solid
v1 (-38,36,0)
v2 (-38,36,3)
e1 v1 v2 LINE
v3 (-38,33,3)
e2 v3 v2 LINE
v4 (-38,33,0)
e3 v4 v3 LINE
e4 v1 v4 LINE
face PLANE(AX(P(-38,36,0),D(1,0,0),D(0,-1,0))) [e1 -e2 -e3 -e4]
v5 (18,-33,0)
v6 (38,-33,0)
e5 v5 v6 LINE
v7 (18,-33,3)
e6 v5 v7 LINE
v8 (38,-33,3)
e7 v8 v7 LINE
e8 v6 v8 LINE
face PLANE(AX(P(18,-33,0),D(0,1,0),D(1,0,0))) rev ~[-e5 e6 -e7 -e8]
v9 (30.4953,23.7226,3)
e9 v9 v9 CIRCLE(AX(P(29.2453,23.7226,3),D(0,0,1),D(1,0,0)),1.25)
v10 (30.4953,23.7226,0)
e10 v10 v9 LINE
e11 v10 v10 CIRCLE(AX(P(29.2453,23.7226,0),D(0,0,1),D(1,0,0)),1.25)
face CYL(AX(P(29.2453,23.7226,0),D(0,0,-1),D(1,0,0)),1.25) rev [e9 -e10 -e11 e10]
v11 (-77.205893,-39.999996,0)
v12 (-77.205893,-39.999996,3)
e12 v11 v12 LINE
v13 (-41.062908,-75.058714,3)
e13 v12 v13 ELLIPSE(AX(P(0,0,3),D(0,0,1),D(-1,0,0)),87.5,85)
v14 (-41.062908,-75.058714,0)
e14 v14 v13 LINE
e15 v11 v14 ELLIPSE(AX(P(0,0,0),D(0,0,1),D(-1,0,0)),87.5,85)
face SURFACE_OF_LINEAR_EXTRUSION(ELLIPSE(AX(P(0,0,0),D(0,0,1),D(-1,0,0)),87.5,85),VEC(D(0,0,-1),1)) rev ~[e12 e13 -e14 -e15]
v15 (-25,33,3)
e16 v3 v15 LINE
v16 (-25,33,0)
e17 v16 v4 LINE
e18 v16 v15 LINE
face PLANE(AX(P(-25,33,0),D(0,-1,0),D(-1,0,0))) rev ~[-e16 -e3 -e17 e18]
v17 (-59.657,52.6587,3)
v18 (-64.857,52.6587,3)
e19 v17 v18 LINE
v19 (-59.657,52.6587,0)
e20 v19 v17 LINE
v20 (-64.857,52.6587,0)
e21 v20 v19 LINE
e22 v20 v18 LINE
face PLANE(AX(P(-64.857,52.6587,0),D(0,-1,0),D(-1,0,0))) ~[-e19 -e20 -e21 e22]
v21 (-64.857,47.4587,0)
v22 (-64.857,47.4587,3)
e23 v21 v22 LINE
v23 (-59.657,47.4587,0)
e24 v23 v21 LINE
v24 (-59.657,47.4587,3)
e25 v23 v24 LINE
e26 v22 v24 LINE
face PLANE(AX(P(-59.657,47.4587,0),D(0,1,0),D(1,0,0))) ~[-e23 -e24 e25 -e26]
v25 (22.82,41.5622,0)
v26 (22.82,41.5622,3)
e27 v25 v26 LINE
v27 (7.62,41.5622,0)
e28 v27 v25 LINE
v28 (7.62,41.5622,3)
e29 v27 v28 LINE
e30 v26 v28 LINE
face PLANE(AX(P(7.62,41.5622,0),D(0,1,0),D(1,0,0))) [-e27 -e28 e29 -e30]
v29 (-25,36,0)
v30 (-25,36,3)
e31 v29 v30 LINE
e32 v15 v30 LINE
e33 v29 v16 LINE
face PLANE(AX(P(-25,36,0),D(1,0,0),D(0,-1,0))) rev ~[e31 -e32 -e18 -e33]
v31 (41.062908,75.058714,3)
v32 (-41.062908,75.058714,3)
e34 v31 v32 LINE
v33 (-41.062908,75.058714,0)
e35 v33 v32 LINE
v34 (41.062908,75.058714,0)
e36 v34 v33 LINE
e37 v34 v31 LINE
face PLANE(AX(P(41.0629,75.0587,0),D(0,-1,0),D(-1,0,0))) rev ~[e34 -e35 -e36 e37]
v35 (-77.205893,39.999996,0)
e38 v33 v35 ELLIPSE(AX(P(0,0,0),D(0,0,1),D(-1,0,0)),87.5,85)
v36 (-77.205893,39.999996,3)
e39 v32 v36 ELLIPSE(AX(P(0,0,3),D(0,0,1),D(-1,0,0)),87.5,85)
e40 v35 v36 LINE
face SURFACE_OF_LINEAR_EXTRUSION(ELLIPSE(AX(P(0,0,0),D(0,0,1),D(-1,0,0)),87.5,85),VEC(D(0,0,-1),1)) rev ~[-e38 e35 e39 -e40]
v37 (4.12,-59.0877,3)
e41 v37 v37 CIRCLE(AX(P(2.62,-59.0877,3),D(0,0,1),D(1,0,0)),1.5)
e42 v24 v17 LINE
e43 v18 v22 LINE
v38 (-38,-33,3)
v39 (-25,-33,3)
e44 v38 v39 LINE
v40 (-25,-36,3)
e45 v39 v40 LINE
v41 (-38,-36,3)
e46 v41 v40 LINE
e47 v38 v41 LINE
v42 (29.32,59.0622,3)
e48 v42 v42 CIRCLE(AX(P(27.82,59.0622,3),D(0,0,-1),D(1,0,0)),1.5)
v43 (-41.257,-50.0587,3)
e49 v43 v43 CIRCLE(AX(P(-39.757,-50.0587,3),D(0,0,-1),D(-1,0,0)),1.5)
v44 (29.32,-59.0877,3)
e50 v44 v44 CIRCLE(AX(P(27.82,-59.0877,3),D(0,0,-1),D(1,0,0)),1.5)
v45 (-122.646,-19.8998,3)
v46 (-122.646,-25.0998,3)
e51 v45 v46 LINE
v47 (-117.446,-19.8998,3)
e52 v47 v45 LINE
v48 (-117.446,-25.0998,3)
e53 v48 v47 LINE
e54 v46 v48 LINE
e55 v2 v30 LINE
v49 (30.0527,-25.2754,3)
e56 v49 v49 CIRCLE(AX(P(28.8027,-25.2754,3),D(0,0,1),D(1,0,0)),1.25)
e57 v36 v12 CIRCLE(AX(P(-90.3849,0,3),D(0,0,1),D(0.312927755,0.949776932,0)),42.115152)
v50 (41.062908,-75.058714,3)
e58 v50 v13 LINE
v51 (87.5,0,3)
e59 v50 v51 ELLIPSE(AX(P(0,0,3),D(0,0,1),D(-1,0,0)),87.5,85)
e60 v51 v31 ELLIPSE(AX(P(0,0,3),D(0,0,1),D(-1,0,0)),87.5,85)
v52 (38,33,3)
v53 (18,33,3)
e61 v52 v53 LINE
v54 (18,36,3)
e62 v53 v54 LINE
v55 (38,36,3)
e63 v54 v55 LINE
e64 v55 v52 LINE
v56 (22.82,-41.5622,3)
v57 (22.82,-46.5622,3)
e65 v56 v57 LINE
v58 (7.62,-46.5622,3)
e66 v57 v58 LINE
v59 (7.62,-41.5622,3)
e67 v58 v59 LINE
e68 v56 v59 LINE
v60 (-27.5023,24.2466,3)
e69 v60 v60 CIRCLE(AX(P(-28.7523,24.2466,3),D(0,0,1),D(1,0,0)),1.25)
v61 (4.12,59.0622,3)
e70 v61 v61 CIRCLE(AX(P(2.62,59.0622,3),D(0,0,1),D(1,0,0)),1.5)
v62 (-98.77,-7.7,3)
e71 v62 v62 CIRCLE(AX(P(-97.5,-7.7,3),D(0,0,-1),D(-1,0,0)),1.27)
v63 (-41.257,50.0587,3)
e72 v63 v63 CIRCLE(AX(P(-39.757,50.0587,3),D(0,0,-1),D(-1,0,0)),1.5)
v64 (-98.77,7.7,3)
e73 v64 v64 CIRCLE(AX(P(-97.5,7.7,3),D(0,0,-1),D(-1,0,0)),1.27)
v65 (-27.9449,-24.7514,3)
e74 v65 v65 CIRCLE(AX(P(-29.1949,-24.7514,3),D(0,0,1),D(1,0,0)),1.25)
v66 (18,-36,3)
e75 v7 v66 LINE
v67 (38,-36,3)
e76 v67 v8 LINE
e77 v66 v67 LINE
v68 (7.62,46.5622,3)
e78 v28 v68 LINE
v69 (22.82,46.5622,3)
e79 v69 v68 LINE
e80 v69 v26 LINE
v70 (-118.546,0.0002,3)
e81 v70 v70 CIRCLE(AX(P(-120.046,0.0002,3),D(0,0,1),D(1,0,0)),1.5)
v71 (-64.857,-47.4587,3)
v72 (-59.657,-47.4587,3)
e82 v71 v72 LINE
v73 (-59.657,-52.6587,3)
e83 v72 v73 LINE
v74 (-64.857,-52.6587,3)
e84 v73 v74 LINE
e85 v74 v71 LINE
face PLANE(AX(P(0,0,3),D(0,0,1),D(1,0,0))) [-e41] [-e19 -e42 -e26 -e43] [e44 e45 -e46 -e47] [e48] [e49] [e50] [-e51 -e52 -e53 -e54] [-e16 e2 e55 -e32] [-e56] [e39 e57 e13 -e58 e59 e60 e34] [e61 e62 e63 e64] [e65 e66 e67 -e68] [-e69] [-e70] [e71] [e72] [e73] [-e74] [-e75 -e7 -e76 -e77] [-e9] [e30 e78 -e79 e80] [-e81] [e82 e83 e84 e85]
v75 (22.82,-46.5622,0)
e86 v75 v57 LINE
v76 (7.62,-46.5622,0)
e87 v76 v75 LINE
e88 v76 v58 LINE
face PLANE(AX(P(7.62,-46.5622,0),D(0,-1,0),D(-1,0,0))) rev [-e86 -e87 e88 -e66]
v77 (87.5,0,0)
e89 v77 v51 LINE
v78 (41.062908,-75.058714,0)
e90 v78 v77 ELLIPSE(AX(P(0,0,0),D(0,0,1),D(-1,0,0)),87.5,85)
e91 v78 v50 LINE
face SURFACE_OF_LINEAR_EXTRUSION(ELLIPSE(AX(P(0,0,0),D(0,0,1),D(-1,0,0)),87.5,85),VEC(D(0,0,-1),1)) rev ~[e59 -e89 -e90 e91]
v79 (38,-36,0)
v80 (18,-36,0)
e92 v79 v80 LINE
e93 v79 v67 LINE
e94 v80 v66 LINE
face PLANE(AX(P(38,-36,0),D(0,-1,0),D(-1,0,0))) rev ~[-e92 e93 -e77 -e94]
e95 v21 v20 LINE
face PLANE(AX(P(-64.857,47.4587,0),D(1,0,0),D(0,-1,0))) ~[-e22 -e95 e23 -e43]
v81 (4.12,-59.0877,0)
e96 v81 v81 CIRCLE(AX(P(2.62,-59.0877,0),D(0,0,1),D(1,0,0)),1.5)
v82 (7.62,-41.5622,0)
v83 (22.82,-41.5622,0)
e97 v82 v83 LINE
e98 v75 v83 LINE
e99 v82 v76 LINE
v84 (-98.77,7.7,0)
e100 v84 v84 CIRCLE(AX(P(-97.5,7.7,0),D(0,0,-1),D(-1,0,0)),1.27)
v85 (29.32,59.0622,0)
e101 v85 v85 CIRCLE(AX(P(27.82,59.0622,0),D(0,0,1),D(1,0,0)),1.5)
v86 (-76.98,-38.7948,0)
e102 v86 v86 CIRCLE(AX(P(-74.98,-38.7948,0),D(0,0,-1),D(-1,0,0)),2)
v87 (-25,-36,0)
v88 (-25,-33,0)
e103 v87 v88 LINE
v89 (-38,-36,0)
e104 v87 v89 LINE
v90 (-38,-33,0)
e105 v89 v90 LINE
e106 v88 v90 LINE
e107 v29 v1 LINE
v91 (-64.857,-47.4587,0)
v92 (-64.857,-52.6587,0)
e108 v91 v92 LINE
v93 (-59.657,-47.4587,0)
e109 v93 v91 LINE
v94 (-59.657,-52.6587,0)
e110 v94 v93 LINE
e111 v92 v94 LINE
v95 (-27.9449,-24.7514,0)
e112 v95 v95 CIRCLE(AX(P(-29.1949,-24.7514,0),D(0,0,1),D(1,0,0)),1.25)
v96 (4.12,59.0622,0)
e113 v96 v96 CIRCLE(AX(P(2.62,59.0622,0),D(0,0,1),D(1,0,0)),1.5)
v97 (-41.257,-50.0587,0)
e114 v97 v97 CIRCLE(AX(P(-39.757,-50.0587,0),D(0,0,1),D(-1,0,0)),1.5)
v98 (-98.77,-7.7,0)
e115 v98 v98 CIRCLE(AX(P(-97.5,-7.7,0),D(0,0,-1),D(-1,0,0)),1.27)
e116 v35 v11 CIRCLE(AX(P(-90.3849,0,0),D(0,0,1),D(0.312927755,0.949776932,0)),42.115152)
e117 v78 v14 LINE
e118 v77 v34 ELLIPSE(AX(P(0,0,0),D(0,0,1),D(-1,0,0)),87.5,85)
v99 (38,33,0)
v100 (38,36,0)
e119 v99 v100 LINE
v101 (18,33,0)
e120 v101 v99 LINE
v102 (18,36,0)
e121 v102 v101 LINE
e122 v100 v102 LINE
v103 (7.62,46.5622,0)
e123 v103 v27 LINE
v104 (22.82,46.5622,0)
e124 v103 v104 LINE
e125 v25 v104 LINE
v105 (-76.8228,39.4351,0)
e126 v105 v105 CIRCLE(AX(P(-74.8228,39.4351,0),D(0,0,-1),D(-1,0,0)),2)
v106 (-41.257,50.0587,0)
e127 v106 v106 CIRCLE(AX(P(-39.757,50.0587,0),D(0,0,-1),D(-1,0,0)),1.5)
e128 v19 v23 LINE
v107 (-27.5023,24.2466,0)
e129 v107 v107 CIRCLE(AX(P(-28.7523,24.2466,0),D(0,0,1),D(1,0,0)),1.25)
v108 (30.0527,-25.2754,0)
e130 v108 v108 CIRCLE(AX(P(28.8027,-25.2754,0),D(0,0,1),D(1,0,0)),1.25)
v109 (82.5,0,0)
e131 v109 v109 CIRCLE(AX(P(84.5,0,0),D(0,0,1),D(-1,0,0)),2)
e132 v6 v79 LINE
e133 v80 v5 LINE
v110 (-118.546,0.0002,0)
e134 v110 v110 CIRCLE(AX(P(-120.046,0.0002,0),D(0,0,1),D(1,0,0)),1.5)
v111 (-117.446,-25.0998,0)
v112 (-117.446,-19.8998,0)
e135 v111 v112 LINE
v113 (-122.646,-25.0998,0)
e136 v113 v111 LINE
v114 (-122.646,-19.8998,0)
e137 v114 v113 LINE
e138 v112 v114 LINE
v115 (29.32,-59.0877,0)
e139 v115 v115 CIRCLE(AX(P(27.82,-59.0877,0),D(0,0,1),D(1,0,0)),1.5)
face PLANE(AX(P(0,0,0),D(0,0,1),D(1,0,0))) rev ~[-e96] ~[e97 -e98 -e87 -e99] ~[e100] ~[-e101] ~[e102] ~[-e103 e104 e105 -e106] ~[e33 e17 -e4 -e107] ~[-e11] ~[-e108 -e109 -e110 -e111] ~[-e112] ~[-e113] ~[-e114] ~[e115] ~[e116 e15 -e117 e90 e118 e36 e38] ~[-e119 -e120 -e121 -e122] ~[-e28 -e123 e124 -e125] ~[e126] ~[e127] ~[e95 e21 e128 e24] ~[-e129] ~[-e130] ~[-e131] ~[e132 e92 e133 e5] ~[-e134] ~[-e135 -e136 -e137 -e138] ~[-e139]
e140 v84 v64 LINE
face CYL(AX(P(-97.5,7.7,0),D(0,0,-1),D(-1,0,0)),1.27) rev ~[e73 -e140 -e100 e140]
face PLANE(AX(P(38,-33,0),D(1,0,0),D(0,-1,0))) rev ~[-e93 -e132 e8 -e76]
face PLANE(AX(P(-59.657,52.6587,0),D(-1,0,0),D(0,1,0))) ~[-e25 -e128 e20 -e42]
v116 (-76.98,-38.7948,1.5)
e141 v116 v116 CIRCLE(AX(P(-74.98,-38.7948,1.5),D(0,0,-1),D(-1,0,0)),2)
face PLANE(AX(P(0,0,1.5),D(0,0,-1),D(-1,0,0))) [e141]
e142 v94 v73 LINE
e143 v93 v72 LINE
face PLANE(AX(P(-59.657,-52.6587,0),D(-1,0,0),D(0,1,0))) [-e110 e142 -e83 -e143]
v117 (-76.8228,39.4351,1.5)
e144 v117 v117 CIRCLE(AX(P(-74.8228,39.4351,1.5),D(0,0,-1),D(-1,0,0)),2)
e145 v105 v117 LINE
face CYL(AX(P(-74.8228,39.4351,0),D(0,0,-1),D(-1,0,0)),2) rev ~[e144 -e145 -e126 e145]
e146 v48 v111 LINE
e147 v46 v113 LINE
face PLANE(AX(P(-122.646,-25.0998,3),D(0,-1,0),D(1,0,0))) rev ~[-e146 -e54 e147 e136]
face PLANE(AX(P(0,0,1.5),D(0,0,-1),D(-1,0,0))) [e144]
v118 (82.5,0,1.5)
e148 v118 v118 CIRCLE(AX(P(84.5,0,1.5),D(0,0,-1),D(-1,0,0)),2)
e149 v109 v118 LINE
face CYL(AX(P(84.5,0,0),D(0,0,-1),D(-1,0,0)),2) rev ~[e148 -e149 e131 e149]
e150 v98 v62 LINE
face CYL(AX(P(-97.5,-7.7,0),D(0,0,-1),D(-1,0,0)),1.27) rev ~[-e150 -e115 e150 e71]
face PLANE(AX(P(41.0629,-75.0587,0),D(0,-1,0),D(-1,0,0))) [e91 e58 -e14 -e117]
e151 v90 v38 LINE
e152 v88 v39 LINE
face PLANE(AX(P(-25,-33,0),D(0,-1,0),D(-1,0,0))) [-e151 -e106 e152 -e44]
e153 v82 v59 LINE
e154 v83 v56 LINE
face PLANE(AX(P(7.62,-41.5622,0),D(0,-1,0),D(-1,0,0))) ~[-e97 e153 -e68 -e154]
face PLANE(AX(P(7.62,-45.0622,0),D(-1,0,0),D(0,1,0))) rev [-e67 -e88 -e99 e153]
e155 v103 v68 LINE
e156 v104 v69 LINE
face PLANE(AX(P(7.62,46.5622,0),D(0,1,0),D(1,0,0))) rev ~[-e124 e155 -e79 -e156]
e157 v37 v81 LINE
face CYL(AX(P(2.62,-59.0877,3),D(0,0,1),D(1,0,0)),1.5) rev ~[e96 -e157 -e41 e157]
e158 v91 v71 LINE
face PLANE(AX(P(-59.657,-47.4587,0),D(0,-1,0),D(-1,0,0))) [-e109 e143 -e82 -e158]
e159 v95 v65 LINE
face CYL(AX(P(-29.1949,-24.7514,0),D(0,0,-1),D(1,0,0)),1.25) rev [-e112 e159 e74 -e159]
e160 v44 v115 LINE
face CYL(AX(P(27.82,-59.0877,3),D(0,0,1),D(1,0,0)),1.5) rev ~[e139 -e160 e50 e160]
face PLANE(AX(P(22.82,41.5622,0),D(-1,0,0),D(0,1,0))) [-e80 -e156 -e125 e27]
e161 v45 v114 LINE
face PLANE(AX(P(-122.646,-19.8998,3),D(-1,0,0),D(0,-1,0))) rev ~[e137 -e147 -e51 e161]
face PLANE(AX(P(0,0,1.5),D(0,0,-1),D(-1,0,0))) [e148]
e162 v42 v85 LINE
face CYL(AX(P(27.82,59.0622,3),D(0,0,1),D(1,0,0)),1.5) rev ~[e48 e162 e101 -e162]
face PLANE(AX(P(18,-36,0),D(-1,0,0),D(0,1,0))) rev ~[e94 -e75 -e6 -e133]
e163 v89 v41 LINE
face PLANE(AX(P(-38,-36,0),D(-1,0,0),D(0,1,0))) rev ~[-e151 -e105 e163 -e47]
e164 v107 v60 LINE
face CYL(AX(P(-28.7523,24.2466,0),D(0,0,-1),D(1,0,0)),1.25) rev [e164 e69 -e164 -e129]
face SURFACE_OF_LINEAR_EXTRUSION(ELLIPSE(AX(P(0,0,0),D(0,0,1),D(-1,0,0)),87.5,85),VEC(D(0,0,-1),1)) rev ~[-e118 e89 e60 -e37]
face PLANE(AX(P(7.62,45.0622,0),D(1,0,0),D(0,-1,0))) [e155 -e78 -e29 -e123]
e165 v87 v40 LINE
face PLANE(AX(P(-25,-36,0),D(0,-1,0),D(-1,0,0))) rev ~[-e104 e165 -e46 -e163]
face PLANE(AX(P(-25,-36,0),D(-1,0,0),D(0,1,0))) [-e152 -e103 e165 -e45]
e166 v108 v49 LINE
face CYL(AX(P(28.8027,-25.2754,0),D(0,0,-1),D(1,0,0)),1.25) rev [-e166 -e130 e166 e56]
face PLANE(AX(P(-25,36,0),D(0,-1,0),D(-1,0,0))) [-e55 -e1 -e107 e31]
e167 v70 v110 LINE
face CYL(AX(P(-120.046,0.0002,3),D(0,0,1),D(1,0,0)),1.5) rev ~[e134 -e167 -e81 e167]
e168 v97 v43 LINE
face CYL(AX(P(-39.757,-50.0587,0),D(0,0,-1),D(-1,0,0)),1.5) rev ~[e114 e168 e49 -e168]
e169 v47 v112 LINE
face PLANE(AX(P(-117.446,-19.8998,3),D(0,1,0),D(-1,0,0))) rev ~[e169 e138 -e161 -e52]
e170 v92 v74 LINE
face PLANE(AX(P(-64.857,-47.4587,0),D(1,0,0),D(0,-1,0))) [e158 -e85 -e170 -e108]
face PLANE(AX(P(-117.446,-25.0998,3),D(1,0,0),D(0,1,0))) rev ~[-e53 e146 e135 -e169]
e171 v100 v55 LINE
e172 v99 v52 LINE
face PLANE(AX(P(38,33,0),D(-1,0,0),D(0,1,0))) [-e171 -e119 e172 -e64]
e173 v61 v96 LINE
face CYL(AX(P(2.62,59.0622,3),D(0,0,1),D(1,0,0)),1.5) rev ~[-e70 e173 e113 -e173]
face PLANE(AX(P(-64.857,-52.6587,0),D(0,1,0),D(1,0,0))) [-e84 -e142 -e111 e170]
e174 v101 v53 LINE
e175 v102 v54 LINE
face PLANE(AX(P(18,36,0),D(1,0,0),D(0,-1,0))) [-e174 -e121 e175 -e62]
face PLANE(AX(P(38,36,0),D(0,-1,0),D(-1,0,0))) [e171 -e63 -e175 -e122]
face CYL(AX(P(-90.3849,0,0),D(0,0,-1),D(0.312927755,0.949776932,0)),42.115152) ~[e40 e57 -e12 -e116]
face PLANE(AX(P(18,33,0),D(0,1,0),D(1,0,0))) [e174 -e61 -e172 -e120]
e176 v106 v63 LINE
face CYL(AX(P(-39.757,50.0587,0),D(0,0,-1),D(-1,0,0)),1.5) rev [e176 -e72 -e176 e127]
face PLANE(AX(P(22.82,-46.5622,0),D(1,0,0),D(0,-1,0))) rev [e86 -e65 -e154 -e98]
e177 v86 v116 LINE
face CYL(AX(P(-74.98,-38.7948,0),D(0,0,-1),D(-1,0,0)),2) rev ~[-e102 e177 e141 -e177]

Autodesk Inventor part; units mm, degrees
ref_plane "YZ Plane" through (0, 0, 0) normal (1, 0, 0) x (0, 1, 0)
ref_plane "XZ Plane" through (0, 0, 0) normal (0, 1, 0) x (-1, 0, 0)
ref_plane "XY Plane" through (0, 0, 0) normal (0, 0, 1) x (1, 0, 0)
sketch "Base" plane through (0, 0, 0) normal (0, 0, 1) x (1, 0, 0)
  circle A0 centre (-28.7523, 24.2466) radius 1.25 projected
  circle A1 centre (-29.1949, -24.7514) radius 1.25 projected
  arc A2 (-77.2059, 40) -> (-77.2059, -40) centre (-90.3849, 0) ccw
  line L0 (41.0629, -75.0587) -> (-41.0629, -75.0587)
  ellipse E0 centre (0, 0) end of major axis (-87.5, 0) minor radius 85 (-77.2059, -40) -> (-41.0629, -75.0587) ccw
  line L1 (0, 0) -> (87.5, 0)
  line L2 (41.0629, 75.0587) -> (-41.0629, 75.0587)
  ellipse E1 centre (0, 0) end of major axis (-87.5, 0) minor radius 85 (41.0629, -75.0587) -> (41.0629, 75.0587) ccw
  ellipse E2 centre (0, 0) end of major axis (-87.5, 0) minor radius 85 (-41.0629, 75.0587) -> (-77.2059, 40) ccw
  circle A3 centre (29.2453, 23.7226) radius 1.25 projected
  circle A4 centre (28.8027, -25.2754) radius 1.25 projected
  dimension "d84" = 87.5
  dimension "d85" = 75.0587
  dimension "d88" = 42.1151
sketch "Holes and Mounts" plane through (0, 0, 0) normal (0, 0, 1) x (1, 0, 0)
  line L0 (-9.7798, -74.0877) -> (40.2202, -74.0877)
  circle A0 centre (2.62, -59.0877) radius 1.5
  circle A1 centre (27.82, -59.0877) radius 1.5
  circle A2 centre (-39.757, 45.9313) radius 1.5
  line L1 (-59.657, 43.3313) -> (-64.857, 43.3313)
  line L2 (-64.857, 43.3313) -> (-64.857, 48.5313)
  line L3 (-64.857, 48.5313) -> (-59.657, 48.5313)
  line L4 (-59.657, 48.5313) -> (-59.657, 43.3313)
  line L5 (-59.657, 43.3313) -> (-64.857, 48.5313) construction
  line L6 (-64.857, 43.3313) -> (-59.657, 48.5313) construction
  line L7 (-9.7798, -74.0877) -> (-9.7798, -44.0877)
  line L8 (-9.7798, -44.0877) -> (40.2202, -44.0877)
  line L9 (40.2202, -44.0877) -> (40.2202, -74.0877)
  line L10 (59.2442, -0.0127) -> (-26.2941, -0.0127)
  circle A3 centre (2.62, 59.0622) radius 1.5
  circle A4 centre (27.82, 59.0622) radius 1.5
  line L11 (-9.7798, 74.0622) -> (40.2202, 74.0622)
  line L12 (-9.7798, 44.0622) -> (40.2202, 44.0622)
  line L13 (40.2202, 74.0622) -> (40.2202, 44.0622)
  line L14 (-9.7798, 74.0622) -> (-9.7798, 44.0622)
  circle A5 centre (-39.757, -45.9568) radius 1.5
  line L15 (-59.657, -48.5568) -> (-59.657, -43.3568)
  line L16 (-64.857, -48.5568) -> (-59.657, -48.5568)
  line L17 (-59.657, -43.3568) -> (-64.857, -43.3568)
  line L18 (-64.857, -43.3568) -> (-64.857, -48.5568)
  line L19 (-59.657, -43.3568) -> (-64.857, -48.5568) construction
  line L20 (-64.857, -43.3568) -> (-59.657, -48.5568) construction
  dimension "d53" = 3
  dimension "d54" = 5.2
  dimension "d55" = 5.2
  dimension "d62" = 30
extrude "ComponentARBHoles" add sketch "Base" along normal blind 3
sketch "Holes Only" plane through (0, 0, 3) normal (0, 0, 1) x (1, 0, 0)
  line L0 (-117.446, -25.0998) -> (-117.446, -19.8998)
  line L1 (-117.446, -19.8998) -> (-122.646, -19.8998)
  line L2 (-122.646, -19.8998) -> (-122.646, -25.0998)
  circle A0 centre (-120.046, 0.0002) radius 1.5
  line L3 (-122.646, -25.0998) -> (-117.446, -25.0998)
  circle A1 centre (27.82, -59.0877) radius 1.5
  line L4 (27.82, -59.0877) -> (2.62, -59.0877)
  circle A2 centre (27.82, -59.0877) radius 1.5
  circle A3 centre (2.62, -59.0877) radius 1.5
  circle A4 centre (2.62, -59.0877) radius 1.5
  circle A5 centre (2.62, 59.0622) radius 1.5
  line L5 (2.62, 59.0622) -> (27.82, 59.0622)
  circle A6 centre (2.62, 59.0622) radius 1.5
  circle A7 centre (27.82, 59.0622) radius 1.5
  point P0 (0, 0)
extrude "WheelFrontSensorHoles" cut sketch "Holes Only" against normal blind 10
sketch "SensorHolesSidesSketch" plane through (0, 0, 0) normal (0, 0, -1) x (-1, 0, 0)
  circle A0 centre (39.757, -50.0587) radius 1.5
  line L0 (64.857, -52.6587) -> (59.657, -52.6587)
  line L1 (64.857, -47.4587) -> (64.857, -52.6587)
  line L2 (59.657, -47.4587) -> (64.857, -47.4587)
  line L3 (59.657, -52.6587) -> (59.657, -47.4587)
  circle A1 centre (39.757, -50.0587) radius 1.5
  line L4 (64.857, -52.6587) -> (59.657, -52.6587)
  line L5 (59.657, -52.6587) -> (59.657, -47.4587)
  line L6 (59.657, -47.4587) -> (64.857, -47.4587)
  line L7 (64.857, -47.4587) -> (64.857, -52.6587)
  line L8 (39.757, -45.9568) -> (39.757, -75.0587)
  line L9 (41.0629, -75.0587) -> (-41.0629, -75.0587) projected
  line L10 (39.757, -75.0587) -> (39.757, -50.0587)
  point P0 (0, 0)
  point P1 (39.757, 45.9313)
  point P2 (59.657, 48.5313)
sketch "Sketch9" plane through (0, 0, 3) normal (0, 0, 1) x (1, 0, 0)
  point P0 (0, 0)
sketch "HolderSlotsSketch" plane through (0, 0, 0) normal (0, 0, -1) x (-1, 0, 0)
  line L0 (-41.0629, 75.0587) -> (41.0629, 75.0587) projected
  line L1 (22.9567, 75.0587) -> (-16.4493, 75.0587)
  line L2 (0, 0) -> (-128.8133, 0)
  line L3 (0, 0) -> (-38, 0)
  line L4 (-38, 33) -> (-38, 36)
  line L5 (-38, 36) -> (-18, 36)
  line L6 (25, 36) -> (38, 36)
  line L7 (38, 36) -> (38, 33)
  line L8 (38, 0) -> (0, 0)
  line L9 (-38, 36) -> (-18, 36)
  line L10 (-18, 36) -> (-18, 33)
  line L11 (-18, 33) -> (-38, 33)
  line L12 (-38, 33) -> (-38, 36)
  line L13 (38, 36) -> (25, 36)
  line L14 (25, 36) -> (25, 33)
  line L15 (25, 33) -> (38, 33)
  line L16 (38, 33) -> (38, 36)
  line L17 (-38, -33) -> (-38, -36)
  line L18 (-38, -36) -> (-18, -36)
  line L19 (25, -36) -> (38, -36)
  line L20 (38, -36) -> (38, -33)
  line L21 (-38, -36) -> (-18, -36)
  line L22 (-18, -36) -> (-18, -33)
  line L23 (-18, -33) -> (-38, -33)
  line L24 (-38, -33) -> (-38, -36)
  line L25 (38, -36) -> (25, -36)
  line L26 (25, -36) -> (25, -33)
  line L27 (25, -33) -> (38, -33)
  line L28 (38, -33) -> (38, -36)
extrude "HolderSlots" cut sketch "HolderSlotsSketch" against normal blind 10
sketch "Sketch11" plane through (0, 0, 0) normal (0, 0, -1) x (-1, 0, 0)
  ellipse E0 centre (0, 0) end of major axis (87.5, 0) minor radius 85 (-41.0629, 75.0587) -> (-41.0629, -75.0587) ccw projected
  circle A0 centre (0, 0) radius 81.5
  line L0 (-81.5, 0) -> (-87.5, 0)
  line L1 (-81.5, 0) -> (-84.5, 0)
  circle A1 centre (-84.5, 0) radius 3
  circle A2 centre (-84.5, 0) radius 2
  dimension "d100" = 163
  dimension "d101" = 4
extrude "MagnetHoleBottom" cut sketch "Sketch11" against normal blind 1.5 contours A2 L0 | L0 A2
sketch "Sketch13" plane through (0, 0, 0) normal (0, 0, -1) x (-1, 0, 0)
  circle A0 centre (74.8228, 39.4351) radius 2
  circle A1 centre (74.98, -38.7948) radius 2
  circle A2 centre (74.98, -38.7948) radius 2
  circle A3 centre (74.8228, 39.4351) radius 2
  point P0 (0, 0)
extrude "MagnetHoleSides" cut sketch "Sketch13" against normal blind 1.5
sketch "Sketch14" plane through (0, 0, 0) normal (0, 0, -1) x (-1, 0, 0)
  circle A0 centre (-27.82, 59.0622) radius 1.5 construction
  circle A1 centre (-2.62, 59.0622) radius 1.5 construction
  line L0 (-7.62, 45.0622) -> (-7.62, 41.5622)
  line L1 (-7.62, 41.5622) -> (-22.82, 41.5622)
  line L2 (-22.82, 41.5622) -> (-22.82, 44.0622)
  line L3 (-7.62, 45.0622) -> (-7.62, 46.5622)
  line L4 (-7.62, 46.5622) -> (-22.82, 46.5622)
  line L5 (-22.82, 46.5622) -> (-22.82, 44.0622)
  point P0 (0, 0)
  dimension "d120" = 2.5
  dimension "d121" = 2.5
extrude "Extrusion10" cut sketch "Sketch14" against normal blind 10
mirror "Mirror2" about plane through (0, 0, 0) normal (0, 1, 0) of "Extrusion10"
sketch "Sketch15" plane through (0, 0, 0) normal (0, 0, -1) x (-1, 0, 0)
  circle A0 centre (97.5, 7.7) radius 1.27
  circle A1 centre (97.5, -7.7) radius 1.27
  line L0 (-41.4439, -82.7587) -> (-41.4439, -75.0587)
  arc A2 (77.2059, -40) -> (77.2059, 40) centre (90.3849, 0) ccw projected
  point P0 (0, 0)
  dimension "d122" = 2.54
  dimension "d123" = 2.54
extrude "Ball Caster Holes" cut sketch "Sketch15" against normal blind 10
extrude "Extrusion12" cut sketch "SensorHolesSidesSketch" against normal blind 10
mirror "Mirror3" about plane through (0, 0, 0) normal (0, 1, 0) of "Extrusion12"
properties part number "Base component"
